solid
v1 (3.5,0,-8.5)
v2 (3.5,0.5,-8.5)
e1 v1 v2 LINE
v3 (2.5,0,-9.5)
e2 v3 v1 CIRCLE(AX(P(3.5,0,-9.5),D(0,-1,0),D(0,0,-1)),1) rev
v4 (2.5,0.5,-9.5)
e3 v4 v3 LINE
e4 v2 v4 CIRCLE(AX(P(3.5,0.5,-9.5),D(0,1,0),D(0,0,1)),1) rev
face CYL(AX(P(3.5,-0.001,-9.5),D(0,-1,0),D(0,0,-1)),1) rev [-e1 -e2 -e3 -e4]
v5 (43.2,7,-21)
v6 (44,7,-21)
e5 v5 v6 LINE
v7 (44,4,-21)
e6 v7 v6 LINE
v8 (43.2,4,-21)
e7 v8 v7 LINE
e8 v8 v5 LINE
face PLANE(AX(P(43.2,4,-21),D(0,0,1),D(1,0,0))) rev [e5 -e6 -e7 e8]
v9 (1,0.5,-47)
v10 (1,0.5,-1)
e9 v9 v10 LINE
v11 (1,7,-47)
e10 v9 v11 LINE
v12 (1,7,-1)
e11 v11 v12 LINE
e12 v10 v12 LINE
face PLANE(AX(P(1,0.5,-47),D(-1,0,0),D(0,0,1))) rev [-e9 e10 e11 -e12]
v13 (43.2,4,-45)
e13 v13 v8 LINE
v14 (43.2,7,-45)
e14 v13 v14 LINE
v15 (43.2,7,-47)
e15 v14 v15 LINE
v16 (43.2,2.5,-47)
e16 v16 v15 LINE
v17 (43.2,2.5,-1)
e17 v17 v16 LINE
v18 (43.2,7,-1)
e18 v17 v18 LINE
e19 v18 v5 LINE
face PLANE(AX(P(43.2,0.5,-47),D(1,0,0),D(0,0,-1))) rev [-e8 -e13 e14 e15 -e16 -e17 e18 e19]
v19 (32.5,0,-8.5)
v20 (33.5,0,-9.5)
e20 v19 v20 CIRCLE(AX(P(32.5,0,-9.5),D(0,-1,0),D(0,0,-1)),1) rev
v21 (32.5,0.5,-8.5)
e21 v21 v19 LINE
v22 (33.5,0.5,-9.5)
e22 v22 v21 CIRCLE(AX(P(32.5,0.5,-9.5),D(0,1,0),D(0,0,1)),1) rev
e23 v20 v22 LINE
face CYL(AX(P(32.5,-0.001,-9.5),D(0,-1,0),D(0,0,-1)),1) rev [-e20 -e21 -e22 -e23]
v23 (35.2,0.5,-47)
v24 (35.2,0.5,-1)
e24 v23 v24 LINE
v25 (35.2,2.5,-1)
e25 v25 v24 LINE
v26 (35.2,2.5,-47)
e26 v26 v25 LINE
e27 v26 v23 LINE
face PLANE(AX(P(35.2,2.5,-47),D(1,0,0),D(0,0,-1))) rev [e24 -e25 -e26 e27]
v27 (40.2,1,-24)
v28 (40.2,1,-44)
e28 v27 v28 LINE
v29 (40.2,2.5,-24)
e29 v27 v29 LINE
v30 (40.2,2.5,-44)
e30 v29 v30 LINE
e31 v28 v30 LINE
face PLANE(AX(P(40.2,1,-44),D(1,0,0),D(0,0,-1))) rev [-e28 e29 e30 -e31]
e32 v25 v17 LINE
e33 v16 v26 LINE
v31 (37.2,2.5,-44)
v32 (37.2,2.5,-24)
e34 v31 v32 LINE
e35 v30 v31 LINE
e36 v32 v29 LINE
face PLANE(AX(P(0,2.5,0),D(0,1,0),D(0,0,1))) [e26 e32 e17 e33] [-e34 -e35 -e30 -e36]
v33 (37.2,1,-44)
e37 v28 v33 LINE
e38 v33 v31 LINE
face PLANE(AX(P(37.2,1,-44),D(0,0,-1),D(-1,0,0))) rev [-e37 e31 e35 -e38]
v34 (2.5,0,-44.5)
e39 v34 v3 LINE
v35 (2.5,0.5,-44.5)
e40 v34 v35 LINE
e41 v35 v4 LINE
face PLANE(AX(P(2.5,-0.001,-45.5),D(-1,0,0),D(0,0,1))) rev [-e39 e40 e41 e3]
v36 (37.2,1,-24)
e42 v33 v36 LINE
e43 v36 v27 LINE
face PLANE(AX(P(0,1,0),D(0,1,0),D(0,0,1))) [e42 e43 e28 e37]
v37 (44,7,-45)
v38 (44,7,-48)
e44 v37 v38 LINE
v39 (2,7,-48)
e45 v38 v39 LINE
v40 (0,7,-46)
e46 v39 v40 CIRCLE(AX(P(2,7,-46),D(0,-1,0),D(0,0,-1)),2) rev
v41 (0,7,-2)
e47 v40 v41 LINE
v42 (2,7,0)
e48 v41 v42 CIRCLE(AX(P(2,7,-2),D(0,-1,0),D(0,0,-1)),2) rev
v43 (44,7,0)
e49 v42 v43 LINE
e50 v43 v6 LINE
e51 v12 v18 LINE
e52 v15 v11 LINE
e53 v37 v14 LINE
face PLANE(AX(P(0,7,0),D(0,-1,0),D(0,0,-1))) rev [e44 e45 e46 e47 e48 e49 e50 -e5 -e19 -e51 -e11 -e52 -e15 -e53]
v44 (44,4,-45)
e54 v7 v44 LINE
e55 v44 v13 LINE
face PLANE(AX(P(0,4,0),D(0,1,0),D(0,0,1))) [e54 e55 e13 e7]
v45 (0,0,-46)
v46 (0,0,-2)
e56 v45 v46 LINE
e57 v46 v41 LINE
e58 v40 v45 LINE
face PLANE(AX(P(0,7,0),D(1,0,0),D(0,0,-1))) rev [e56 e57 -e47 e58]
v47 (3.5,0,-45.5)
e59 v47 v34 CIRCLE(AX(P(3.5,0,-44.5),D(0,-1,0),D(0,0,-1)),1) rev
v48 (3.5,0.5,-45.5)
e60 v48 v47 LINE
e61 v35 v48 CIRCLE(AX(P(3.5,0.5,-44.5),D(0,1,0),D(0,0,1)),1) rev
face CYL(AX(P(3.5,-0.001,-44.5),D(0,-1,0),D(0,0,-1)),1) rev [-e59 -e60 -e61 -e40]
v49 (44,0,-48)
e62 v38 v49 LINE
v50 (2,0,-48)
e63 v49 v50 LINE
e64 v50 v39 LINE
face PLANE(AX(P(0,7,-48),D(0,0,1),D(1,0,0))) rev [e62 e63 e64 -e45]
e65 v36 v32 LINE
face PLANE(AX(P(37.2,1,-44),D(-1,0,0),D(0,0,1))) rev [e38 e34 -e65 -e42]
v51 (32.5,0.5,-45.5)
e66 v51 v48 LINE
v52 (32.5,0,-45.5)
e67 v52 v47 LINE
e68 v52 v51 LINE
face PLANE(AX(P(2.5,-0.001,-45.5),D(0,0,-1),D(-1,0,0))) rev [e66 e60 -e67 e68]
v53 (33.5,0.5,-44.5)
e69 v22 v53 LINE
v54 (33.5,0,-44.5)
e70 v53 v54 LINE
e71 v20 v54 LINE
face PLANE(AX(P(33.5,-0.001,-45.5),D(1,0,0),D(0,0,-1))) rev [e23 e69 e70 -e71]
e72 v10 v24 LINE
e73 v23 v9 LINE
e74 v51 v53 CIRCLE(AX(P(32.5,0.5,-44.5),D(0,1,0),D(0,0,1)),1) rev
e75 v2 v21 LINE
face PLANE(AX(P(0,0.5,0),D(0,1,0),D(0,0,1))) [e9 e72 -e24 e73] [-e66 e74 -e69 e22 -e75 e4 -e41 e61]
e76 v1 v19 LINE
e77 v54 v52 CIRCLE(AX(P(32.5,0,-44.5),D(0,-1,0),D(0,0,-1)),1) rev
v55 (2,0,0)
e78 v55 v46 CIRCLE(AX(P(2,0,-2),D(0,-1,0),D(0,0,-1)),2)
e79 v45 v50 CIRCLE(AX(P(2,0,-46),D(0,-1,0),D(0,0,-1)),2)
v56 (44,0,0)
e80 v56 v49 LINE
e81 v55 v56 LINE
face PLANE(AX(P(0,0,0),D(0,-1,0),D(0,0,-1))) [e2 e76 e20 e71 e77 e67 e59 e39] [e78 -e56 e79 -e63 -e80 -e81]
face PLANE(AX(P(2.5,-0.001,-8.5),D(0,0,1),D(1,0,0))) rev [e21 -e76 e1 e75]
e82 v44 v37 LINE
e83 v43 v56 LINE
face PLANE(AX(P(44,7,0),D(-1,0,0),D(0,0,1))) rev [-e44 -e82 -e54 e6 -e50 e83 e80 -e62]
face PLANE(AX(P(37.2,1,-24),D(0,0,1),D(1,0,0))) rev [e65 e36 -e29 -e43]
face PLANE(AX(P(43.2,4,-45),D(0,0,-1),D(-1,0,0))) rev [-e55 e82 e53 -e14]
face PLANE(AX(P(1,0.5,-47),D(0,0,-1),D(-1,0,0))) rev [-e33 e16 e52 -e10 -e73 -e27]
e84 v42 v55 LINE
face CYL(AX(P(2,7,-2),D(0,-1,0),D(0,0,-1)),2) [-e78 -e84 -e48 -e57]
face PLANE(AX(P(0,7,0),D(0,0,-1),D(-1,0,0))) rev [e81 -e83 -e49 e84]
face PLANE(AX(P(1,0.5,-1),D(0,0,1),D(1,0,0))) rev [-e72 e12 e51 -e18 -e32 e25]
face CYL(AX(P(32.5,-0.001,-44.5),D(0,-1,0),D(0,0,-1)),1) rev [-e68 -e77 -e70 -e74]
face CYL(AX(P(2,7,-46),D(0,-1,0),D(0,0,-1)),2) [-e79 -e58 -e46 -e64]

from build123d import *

# Parameters (mm, degrees)
SKETCH1_W           = 44
SKETCH1_H           = 48
BOSS_EXTRUDE1_DEPTH = 7
SKETCH2_W           = 42.2
SKETCH2_H           = 46
CUT_EXTRUDE1_DEPTH  = 6.5
CUT_EXTRUDE2_REACH  = 67.439
SKETCH3_W           = 31
SKETCH3_H           = 37
SKETCH4_W           = 8
SKETCH4_H           = 46
BOSS_EXTRUDE2_DEPTH = 2
SKETCH5_W           = 0.8
SKETCH5_H           = 24
CUT_EXTRUDE3_DEPTH  = 3
FILLET1_R           = 2
FILLET2_R           = 1
SKETCH6_W           = 3
SKETCH6_H           = 20
CUT_EXTRUDE4_DEPTH  = 1.5


with BuildPart() as part:
    # Sketch1 → Boss-Extrude1 (new body)
    with BuildSketch(Plane(origin=(0, 0, 0), x_dir=(1, 0, 0), z_dir=(0, 1, 0))):
        with Locations((22, 24)):
            Rectangle(SKETCH1_W, SKETCH1_H)
    extrude(amount=BOSS_EXTRUDE1_DEPTH)

    # Sketch2 → Cut-Extrude1 (cut)
    with BuildSketch(Plane(origin=(0, 7, 0), x_dir=(1, 0, 0), z_dir=(0, 1, 0))):
        with Locations((22.1, 24)):
            Rectangle(SKETCH2_W, SKETCH2_H)
    extrude(amount=-CUT_EXTRUDE1_DEPTH, mode=Mode.SUBTRACT)

    # Sketch3 → Cut-Extrude2 (cut, up to next)
    with BuildSketch(Plane(origin=(0, 0.5, 0), x_dir=(1, 0, 0), z_dir=(0, 1, 0)), mode=Mode.PRIVATE) as cut_extrude2_sk1:
        with Locations((18, 27)):
            Rectangle(SKETCH3_W, SKETCH3_H)
    cut_extrude2_tool1 = extrude(cut_extrude2_sk1.sketch, amount=-CUT_EXTRUDE2_REACH, mode=Mode.PRIVATE) & part.part
    add(cut_extrude2_tool1.solids().sort_by_distance((18, 0.5, -27))[0], mode=Mode.SUBTRACT)

    # Sketch4 → Boss-Extrude2 (add)
    with BuildSketch(Plane(origin=(0, 0.5, 0), x_dir=(1, 0, 0), z_dir=(0, 1, 0))):
        with Locations((39.2, 24)):
            Rectangle(SKETCH4_W, SKETCH4_H)
    extrude(amount=BOSS_EXTRUDE2_DEPTH)

    # Sketch5 → Cut-Extrude3 (cut)
    with BuildSketch(Plane(origin=(0, 7, 0), x_dir=(1, 0, 0), z_dir=(0, 1, 0))):
        with Locations((43.6, 33)):
            Rectangle(SKETCH5_W, SKETCH5_H)
    extrude(amount=-CUT_EXTRUDE3_DEPTH, mode=Mode.SUBTRACT)

    # Fillet1
    fillet1_edges = [part.edges().sort_by_distance(p)[0] for p in [
        (0, 3.5, -48),
        (0, 3.5, 0),
    ]]
    fillet(fillet1_edges, radius=FILLET1_R)

    # Fillet2
    fillet2_edges = [part.edges().sort_by_distance(p)[0] for p in [
        (2.5, 0.25, -8.5),
        (2.5, 0.25, -45.5),
        (33.5, 0.25, -45.5),
        (33.5, 0.25, -8.5),
    ]]
    fillet(fillet2_edges, radius=FILLET2_R)

    # Sketch6 → Cut-Extrude4 (cut)
    with BuildSketch(Plane(origin=(0, 2.5, 0), x_dir=(1, 0, 0), z_dir=(0, 1, 0))):
        with Locations((38.7, 34)):
            Rectangle(SKETCH6_W, SKETCH6_H)
    extrude(amount=-CUT_EXTRUDE4_DEPTH, mode=Mode.SUBTRACT)


solid = part.part
